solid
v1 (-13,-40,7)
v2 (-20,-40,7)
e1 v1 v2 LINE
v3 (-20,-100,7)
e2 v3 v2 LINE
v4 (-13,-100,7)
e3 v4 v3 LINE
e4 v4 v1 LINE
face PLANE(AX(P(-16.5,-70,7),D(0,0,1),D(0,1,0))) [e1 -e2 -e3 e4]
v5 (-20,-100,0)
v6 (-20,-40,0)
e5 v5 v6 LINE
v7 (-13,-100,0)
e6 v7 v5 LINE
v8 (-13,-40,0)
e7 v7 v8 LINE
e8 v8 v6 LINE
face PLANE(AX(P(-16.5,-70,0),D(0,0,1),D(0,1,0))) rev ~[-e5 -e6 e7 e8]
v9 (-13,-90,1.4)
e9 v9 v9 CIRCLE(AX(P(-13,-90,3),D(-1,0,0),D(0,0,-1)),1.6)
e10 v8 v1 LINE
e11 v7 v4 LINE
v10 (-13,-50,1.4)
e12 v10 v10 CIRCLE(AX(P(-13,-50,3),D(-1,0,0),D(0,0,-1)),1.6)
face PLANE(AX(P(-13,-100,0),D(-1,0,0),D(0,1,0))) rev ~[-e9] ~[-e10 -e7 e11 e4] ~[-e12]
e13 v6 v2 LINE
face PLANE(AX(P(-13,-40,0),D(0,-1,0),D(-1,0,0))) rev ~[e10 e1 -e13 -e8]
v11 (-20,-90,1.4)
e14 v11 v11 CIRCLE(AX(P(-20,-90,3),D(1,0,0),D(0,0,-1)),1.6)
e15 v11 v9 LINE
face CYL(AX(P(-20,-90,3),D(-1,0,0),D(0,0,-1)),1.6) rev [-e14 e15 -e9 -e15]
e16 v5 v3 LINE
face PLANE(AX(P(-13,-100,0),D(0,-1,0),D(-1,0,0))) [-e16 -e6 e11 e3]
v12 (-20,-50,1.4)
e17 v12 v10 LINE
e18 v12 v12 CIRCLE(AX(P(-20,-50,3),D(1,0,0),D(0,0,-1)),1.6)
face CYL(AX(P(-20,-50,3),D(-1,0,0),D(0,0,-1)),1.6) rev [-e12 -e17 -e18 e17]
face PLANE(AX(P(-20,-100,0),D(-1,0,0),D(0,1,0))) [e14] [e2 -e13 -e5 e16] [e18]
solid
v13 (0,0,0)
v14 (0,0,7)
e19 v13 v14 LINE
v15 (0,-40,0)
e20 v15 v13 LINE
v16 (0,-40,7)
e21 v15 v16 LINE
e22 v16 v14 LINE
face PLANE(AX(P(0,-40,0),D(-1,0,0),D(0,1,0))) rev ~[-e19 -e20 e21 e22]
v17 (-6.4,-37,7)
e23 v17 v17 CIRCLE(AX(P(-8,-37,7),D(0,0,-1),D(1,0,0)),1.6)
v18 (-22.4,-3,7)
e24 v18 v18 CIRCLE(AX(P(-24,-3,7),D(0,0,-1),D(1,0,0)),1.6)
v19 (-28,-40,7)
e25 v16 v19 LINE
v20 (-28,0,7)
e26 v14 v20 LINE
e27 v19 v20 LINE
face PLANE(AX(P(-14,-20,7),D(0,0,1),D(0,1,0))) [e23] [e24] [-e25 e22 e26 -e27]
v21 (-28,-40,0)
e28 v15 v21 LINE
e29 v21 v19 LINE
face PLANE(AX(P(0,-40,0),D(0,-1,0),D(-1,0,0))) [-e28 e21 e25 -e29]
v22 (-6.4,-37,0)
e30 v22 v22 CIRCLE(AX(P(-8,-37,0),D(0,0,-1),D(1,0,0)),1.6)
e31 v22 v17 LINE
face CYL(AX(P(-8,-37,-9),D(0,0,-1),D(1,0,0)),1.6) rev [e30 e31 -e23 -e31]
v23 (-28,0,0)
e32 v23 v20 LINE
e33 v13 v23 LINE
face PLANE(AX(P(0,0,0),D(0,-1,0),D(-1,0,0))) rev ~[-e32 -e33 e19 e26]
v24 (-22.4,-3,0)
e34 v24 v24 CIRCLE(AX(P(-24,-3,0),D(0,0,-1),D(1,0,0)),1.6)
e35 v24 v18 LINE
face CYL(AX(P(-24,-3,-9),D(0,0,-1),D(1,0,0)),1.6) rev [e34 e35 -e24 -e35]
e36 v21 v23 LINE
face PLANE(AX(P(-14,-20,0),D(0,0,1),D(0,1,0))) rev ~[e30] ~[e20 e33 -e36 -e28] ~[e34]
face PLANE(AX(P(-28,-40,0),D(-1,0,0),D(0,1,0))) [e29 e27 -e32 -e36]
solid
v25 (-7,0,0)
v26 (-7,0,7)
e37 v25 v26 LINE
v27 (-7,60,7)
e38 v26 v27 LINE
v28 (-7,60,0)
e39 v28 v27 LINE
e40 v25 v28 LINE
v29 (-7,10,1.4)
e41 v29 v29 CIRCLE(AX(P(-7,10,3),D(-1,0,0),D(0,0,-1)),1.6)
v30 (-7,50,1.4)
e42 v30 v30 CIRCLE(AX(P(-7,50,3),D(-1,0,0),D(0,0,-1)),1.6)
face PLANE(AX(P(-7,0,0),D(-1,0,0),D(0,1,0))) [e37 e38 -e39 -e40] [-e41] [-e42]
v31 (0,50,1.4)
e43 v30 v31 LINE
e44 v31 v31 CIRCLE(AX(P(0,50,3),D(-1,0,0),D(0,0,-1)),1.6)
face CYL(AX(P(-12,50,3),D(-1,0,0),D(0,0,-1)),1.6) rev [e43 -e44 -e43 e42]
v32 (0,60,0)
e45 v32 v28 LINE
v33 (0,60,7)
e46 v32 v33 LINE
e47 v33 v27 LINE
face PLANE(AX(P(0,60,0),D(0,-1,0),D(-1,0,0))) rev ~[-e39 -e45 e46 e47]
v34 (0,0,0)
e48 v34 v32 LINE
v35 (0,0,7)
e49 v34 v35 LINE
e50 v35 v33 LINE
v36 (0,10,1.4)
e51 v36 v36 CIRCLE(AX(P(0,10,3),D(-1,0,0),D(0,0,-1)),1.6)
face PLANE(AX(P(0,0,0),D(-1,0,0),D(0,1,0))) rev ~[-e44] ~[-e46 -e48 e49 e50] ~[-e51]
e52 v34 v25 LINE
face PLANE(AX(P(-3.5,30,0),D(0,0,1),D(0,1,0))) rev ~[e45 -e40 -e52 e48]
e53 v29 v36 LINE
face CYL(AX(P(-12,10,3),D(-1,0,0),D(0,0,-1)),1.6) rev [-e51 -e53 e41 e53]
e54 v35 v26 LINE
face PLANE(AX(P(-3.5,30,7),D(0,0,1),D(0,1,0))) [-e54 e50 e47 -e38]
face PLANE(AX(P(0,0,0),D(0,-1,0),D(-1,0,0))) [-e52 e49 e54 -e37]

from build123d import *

# Parameters (mm, degrees)
CYLINDER001_R           = 1.6
CYLINDER001_DEPTH       = 20
CYLINDER001_PITCH_ANGLE = 90
CYLINDER_R              = 1.6
CYLINDER_DEPTH          = 20
CYLINDER_PITCH_ANGLE    = 90
BOX_W                   = 60
BOX_H                   = 7
BOX_DEPTH               = 7
BOX_PLACEMENT_ANGLE     = 90
CYLINDER003_R           = 1.6
CYLINDER003_DEPTH       = 20
CYLINDER003_PITCH_ANGLE = 90
CYLINDER002_R           = 1.6
CYLINDER002_DEPTH       = 20
CYLINDER002_PITCH_ANGLE = 90
BOX002_W                = 60
BOX002_H                = 7
BOX002_DEPTH            = 7
BOX002_PLACEMENT_ANGLE  = 90
CYLINDER005_R           = 1.6
CYLINDER005_DEPTH       = 20
CYLINDER004_R           = 1.6
CYLINDER004_DEPTH       = 20
BOX001_W                = 40
BOX001_H                = 28
BOX001_DEPTH            = 7
BOX001_PLACEMENT_ANGLE  = 90


with BuildPart() as cylindre011:
    # Cylinder001 → Cylinder001 (new body)
    with BuildSketch(Plane.XY):
        Circle(CYLINDER001_R)
    extrude(amount=CYLINDER001_DEPTH)


with BuildPart() as cylindre011_1:
    # Cylinder001 pitch: moved
    add(cylindre011.part.rotate(Axis((0, 0, 0), (0, 1, 0)), CYLINDER001_PITCH_ANGLE))


with BuildPart() as cylindre011_2:
    # Cylinder001 placement: moved
    add(cylindre011_1.part.moved(Location((-12, 50, 3))))


with BuildPart() as cylindre010:
    # Cylinder → Cylinder (new body)
    with BuildSketch(Plane.XY):
        Circle(CYLINDER_R)
    extrude(amount=CYLINDER_DEPTH)


with BuildPart() as cylindre010_1:
    # Cylinder pitch: moved
    add(cylindre010.part.rotate(Axis((0, 0, 0), (0, 1, 0)), CYLINDER_PITCH_ANGLE))


with BuildPart() as cylindre010_2:
    # Cylinder placement: moved
    add(cylindre010_1.part.moved(Location((-12, 10, 3))))


with BuildPart() as cut001:
    # Box → Box (new body)
    with BuildSketch(Plane.XY):
        with Locations((30, 3.5)):
            Rectangle(BOX_W, BOX_H)
    extrude(amount=BOX_DEPTH)


with BuildPart() as cut001_1:
    # Box placement: moved
    add(cut001.part.rotate(Axis((0, 0, 0), (0, 0, 1)), BOX_PLACEMENT_ANGLE))

    # Cut: cut Cylindre010
    add(cylindre010_2.part, mode=Mode.SUBTRACT)

    # Cut001: cut Cylindre011
    add(cylindre011_2.part, mode=Mode.SUBTRACT)


with BuildPart() as cylindre013:
    # Cylinder003 → Cylinder003 (new body)
    with BuildSketch(Plane.XY):
        Circle(CYLINDER003_R)
    extrude(amount=CYLINDER003_DEPTH)


with BuildPart() as cylindre013_1:
    # Cylinder003 pitch: moved
    add(cylindre013.part.rotate(Axis((0, 0, 0), (0, 1, 0)), CYLINDER003_PITCH_ANGLE))


with BuildPart() as cylindre013_2:
    # Cylinder003 placement: moved
    add(cylindre013_1.part.moved(Location((-20, -50, 3))))


with BuildPart() as cylindre012:
    # Cylinder002 → Cylinder002 (new body)
    with BuildSketch(Plane.XY):
        Circle(CYLINDER002_R)
    extrude(amount=CYLINDER002_DEPTH)


with BuildPart() as cylindre012_1:
    # Cylinder002 pitch: moved
    add(cylindre012.part.rotate(Axis((0, 0, 0), (0, 1, 0)), CYLINDER002_PITCH_ANGLE))


with BuildPart() as cylindre012_2:
    # Cylinder002 placement: moved
    add(cylindre012_1.part.moved(Location((-20, -90, 3))))


with BuildPart() as cut003:
    # Box002 → Box002 (new body)
    with BuildSketch(Plane.XY):
        with Locations((30, 3.5)):
            Rectangle(BOX002_W, BOX002_H)
    extrude(amount=BOX002_DEPTH)


with BuildPart() as cut003_1:
    # Box002 placement: moved
    add(cut003.part.moved(Location((-13, -100, 0))).rotate(Axis((-13, -100, 0), (0, 0, 1)), BOX002_PLACEMENT_ANGLE))

    # Cut002: cut Cylindre012
    add(cylindre012_2.part, mode=Mode.SUBTRACT)

    # Cut003: cut Cylindre013
    add(cylindre013_2.part, mode=Mode.SUBTRACT)


with BuildPart() as cylindre015:
    # Cylinder005 → Cylinder005 (new body)
    with BuildSketch(Plane(origin=(-24, -3, -9), x_dir=(1, 0, 0), z_dir=(0, 0, 1))):
        Circle(CYLINDER005_R)
    extrude(amount=CYLINDER005_DEPTH)


with BuildPart() as cylindre014:
    # Cylinder004 → Cylinder004 (new body)
    with BuildSketch(Plane(origin=(-8, -37, -9), x_dir=(1, 0, 0), z_dir=(0, 0, 1))):
        Circle(CYLINDER004_R)
    extrude(amount=CYLINDER004_DEPTH)


with BuildPart() as cut005:
    # Box001 → Box001 (new body)
    with BuildSketch(Plane.XY):
        with Locations((20, 14)):
            Rectangle(BOX001_W, BOX001_H)
    extrude(amount=BOX001_DEPTH)


with BuildPart() as cut005_1:
    # Box001 placement: moved
    add(cut005.part.moved(Location((0, -40, 0))).rotate(Axis((0, -40, 0), (0, 0, 1)), BOX001_PLACEMENT_ANGLE))

    # Cut004: cut Cylindre014
    add(cylindre014.part, mode=Mode.SUBTRACT)

    # Cut005: cut Cylindre015
    add(cylindre015.part, mode=Mode.SUBTRACT)


solid = Compound([cut001_1.part, cut003_1.part, cut005_1.part])
